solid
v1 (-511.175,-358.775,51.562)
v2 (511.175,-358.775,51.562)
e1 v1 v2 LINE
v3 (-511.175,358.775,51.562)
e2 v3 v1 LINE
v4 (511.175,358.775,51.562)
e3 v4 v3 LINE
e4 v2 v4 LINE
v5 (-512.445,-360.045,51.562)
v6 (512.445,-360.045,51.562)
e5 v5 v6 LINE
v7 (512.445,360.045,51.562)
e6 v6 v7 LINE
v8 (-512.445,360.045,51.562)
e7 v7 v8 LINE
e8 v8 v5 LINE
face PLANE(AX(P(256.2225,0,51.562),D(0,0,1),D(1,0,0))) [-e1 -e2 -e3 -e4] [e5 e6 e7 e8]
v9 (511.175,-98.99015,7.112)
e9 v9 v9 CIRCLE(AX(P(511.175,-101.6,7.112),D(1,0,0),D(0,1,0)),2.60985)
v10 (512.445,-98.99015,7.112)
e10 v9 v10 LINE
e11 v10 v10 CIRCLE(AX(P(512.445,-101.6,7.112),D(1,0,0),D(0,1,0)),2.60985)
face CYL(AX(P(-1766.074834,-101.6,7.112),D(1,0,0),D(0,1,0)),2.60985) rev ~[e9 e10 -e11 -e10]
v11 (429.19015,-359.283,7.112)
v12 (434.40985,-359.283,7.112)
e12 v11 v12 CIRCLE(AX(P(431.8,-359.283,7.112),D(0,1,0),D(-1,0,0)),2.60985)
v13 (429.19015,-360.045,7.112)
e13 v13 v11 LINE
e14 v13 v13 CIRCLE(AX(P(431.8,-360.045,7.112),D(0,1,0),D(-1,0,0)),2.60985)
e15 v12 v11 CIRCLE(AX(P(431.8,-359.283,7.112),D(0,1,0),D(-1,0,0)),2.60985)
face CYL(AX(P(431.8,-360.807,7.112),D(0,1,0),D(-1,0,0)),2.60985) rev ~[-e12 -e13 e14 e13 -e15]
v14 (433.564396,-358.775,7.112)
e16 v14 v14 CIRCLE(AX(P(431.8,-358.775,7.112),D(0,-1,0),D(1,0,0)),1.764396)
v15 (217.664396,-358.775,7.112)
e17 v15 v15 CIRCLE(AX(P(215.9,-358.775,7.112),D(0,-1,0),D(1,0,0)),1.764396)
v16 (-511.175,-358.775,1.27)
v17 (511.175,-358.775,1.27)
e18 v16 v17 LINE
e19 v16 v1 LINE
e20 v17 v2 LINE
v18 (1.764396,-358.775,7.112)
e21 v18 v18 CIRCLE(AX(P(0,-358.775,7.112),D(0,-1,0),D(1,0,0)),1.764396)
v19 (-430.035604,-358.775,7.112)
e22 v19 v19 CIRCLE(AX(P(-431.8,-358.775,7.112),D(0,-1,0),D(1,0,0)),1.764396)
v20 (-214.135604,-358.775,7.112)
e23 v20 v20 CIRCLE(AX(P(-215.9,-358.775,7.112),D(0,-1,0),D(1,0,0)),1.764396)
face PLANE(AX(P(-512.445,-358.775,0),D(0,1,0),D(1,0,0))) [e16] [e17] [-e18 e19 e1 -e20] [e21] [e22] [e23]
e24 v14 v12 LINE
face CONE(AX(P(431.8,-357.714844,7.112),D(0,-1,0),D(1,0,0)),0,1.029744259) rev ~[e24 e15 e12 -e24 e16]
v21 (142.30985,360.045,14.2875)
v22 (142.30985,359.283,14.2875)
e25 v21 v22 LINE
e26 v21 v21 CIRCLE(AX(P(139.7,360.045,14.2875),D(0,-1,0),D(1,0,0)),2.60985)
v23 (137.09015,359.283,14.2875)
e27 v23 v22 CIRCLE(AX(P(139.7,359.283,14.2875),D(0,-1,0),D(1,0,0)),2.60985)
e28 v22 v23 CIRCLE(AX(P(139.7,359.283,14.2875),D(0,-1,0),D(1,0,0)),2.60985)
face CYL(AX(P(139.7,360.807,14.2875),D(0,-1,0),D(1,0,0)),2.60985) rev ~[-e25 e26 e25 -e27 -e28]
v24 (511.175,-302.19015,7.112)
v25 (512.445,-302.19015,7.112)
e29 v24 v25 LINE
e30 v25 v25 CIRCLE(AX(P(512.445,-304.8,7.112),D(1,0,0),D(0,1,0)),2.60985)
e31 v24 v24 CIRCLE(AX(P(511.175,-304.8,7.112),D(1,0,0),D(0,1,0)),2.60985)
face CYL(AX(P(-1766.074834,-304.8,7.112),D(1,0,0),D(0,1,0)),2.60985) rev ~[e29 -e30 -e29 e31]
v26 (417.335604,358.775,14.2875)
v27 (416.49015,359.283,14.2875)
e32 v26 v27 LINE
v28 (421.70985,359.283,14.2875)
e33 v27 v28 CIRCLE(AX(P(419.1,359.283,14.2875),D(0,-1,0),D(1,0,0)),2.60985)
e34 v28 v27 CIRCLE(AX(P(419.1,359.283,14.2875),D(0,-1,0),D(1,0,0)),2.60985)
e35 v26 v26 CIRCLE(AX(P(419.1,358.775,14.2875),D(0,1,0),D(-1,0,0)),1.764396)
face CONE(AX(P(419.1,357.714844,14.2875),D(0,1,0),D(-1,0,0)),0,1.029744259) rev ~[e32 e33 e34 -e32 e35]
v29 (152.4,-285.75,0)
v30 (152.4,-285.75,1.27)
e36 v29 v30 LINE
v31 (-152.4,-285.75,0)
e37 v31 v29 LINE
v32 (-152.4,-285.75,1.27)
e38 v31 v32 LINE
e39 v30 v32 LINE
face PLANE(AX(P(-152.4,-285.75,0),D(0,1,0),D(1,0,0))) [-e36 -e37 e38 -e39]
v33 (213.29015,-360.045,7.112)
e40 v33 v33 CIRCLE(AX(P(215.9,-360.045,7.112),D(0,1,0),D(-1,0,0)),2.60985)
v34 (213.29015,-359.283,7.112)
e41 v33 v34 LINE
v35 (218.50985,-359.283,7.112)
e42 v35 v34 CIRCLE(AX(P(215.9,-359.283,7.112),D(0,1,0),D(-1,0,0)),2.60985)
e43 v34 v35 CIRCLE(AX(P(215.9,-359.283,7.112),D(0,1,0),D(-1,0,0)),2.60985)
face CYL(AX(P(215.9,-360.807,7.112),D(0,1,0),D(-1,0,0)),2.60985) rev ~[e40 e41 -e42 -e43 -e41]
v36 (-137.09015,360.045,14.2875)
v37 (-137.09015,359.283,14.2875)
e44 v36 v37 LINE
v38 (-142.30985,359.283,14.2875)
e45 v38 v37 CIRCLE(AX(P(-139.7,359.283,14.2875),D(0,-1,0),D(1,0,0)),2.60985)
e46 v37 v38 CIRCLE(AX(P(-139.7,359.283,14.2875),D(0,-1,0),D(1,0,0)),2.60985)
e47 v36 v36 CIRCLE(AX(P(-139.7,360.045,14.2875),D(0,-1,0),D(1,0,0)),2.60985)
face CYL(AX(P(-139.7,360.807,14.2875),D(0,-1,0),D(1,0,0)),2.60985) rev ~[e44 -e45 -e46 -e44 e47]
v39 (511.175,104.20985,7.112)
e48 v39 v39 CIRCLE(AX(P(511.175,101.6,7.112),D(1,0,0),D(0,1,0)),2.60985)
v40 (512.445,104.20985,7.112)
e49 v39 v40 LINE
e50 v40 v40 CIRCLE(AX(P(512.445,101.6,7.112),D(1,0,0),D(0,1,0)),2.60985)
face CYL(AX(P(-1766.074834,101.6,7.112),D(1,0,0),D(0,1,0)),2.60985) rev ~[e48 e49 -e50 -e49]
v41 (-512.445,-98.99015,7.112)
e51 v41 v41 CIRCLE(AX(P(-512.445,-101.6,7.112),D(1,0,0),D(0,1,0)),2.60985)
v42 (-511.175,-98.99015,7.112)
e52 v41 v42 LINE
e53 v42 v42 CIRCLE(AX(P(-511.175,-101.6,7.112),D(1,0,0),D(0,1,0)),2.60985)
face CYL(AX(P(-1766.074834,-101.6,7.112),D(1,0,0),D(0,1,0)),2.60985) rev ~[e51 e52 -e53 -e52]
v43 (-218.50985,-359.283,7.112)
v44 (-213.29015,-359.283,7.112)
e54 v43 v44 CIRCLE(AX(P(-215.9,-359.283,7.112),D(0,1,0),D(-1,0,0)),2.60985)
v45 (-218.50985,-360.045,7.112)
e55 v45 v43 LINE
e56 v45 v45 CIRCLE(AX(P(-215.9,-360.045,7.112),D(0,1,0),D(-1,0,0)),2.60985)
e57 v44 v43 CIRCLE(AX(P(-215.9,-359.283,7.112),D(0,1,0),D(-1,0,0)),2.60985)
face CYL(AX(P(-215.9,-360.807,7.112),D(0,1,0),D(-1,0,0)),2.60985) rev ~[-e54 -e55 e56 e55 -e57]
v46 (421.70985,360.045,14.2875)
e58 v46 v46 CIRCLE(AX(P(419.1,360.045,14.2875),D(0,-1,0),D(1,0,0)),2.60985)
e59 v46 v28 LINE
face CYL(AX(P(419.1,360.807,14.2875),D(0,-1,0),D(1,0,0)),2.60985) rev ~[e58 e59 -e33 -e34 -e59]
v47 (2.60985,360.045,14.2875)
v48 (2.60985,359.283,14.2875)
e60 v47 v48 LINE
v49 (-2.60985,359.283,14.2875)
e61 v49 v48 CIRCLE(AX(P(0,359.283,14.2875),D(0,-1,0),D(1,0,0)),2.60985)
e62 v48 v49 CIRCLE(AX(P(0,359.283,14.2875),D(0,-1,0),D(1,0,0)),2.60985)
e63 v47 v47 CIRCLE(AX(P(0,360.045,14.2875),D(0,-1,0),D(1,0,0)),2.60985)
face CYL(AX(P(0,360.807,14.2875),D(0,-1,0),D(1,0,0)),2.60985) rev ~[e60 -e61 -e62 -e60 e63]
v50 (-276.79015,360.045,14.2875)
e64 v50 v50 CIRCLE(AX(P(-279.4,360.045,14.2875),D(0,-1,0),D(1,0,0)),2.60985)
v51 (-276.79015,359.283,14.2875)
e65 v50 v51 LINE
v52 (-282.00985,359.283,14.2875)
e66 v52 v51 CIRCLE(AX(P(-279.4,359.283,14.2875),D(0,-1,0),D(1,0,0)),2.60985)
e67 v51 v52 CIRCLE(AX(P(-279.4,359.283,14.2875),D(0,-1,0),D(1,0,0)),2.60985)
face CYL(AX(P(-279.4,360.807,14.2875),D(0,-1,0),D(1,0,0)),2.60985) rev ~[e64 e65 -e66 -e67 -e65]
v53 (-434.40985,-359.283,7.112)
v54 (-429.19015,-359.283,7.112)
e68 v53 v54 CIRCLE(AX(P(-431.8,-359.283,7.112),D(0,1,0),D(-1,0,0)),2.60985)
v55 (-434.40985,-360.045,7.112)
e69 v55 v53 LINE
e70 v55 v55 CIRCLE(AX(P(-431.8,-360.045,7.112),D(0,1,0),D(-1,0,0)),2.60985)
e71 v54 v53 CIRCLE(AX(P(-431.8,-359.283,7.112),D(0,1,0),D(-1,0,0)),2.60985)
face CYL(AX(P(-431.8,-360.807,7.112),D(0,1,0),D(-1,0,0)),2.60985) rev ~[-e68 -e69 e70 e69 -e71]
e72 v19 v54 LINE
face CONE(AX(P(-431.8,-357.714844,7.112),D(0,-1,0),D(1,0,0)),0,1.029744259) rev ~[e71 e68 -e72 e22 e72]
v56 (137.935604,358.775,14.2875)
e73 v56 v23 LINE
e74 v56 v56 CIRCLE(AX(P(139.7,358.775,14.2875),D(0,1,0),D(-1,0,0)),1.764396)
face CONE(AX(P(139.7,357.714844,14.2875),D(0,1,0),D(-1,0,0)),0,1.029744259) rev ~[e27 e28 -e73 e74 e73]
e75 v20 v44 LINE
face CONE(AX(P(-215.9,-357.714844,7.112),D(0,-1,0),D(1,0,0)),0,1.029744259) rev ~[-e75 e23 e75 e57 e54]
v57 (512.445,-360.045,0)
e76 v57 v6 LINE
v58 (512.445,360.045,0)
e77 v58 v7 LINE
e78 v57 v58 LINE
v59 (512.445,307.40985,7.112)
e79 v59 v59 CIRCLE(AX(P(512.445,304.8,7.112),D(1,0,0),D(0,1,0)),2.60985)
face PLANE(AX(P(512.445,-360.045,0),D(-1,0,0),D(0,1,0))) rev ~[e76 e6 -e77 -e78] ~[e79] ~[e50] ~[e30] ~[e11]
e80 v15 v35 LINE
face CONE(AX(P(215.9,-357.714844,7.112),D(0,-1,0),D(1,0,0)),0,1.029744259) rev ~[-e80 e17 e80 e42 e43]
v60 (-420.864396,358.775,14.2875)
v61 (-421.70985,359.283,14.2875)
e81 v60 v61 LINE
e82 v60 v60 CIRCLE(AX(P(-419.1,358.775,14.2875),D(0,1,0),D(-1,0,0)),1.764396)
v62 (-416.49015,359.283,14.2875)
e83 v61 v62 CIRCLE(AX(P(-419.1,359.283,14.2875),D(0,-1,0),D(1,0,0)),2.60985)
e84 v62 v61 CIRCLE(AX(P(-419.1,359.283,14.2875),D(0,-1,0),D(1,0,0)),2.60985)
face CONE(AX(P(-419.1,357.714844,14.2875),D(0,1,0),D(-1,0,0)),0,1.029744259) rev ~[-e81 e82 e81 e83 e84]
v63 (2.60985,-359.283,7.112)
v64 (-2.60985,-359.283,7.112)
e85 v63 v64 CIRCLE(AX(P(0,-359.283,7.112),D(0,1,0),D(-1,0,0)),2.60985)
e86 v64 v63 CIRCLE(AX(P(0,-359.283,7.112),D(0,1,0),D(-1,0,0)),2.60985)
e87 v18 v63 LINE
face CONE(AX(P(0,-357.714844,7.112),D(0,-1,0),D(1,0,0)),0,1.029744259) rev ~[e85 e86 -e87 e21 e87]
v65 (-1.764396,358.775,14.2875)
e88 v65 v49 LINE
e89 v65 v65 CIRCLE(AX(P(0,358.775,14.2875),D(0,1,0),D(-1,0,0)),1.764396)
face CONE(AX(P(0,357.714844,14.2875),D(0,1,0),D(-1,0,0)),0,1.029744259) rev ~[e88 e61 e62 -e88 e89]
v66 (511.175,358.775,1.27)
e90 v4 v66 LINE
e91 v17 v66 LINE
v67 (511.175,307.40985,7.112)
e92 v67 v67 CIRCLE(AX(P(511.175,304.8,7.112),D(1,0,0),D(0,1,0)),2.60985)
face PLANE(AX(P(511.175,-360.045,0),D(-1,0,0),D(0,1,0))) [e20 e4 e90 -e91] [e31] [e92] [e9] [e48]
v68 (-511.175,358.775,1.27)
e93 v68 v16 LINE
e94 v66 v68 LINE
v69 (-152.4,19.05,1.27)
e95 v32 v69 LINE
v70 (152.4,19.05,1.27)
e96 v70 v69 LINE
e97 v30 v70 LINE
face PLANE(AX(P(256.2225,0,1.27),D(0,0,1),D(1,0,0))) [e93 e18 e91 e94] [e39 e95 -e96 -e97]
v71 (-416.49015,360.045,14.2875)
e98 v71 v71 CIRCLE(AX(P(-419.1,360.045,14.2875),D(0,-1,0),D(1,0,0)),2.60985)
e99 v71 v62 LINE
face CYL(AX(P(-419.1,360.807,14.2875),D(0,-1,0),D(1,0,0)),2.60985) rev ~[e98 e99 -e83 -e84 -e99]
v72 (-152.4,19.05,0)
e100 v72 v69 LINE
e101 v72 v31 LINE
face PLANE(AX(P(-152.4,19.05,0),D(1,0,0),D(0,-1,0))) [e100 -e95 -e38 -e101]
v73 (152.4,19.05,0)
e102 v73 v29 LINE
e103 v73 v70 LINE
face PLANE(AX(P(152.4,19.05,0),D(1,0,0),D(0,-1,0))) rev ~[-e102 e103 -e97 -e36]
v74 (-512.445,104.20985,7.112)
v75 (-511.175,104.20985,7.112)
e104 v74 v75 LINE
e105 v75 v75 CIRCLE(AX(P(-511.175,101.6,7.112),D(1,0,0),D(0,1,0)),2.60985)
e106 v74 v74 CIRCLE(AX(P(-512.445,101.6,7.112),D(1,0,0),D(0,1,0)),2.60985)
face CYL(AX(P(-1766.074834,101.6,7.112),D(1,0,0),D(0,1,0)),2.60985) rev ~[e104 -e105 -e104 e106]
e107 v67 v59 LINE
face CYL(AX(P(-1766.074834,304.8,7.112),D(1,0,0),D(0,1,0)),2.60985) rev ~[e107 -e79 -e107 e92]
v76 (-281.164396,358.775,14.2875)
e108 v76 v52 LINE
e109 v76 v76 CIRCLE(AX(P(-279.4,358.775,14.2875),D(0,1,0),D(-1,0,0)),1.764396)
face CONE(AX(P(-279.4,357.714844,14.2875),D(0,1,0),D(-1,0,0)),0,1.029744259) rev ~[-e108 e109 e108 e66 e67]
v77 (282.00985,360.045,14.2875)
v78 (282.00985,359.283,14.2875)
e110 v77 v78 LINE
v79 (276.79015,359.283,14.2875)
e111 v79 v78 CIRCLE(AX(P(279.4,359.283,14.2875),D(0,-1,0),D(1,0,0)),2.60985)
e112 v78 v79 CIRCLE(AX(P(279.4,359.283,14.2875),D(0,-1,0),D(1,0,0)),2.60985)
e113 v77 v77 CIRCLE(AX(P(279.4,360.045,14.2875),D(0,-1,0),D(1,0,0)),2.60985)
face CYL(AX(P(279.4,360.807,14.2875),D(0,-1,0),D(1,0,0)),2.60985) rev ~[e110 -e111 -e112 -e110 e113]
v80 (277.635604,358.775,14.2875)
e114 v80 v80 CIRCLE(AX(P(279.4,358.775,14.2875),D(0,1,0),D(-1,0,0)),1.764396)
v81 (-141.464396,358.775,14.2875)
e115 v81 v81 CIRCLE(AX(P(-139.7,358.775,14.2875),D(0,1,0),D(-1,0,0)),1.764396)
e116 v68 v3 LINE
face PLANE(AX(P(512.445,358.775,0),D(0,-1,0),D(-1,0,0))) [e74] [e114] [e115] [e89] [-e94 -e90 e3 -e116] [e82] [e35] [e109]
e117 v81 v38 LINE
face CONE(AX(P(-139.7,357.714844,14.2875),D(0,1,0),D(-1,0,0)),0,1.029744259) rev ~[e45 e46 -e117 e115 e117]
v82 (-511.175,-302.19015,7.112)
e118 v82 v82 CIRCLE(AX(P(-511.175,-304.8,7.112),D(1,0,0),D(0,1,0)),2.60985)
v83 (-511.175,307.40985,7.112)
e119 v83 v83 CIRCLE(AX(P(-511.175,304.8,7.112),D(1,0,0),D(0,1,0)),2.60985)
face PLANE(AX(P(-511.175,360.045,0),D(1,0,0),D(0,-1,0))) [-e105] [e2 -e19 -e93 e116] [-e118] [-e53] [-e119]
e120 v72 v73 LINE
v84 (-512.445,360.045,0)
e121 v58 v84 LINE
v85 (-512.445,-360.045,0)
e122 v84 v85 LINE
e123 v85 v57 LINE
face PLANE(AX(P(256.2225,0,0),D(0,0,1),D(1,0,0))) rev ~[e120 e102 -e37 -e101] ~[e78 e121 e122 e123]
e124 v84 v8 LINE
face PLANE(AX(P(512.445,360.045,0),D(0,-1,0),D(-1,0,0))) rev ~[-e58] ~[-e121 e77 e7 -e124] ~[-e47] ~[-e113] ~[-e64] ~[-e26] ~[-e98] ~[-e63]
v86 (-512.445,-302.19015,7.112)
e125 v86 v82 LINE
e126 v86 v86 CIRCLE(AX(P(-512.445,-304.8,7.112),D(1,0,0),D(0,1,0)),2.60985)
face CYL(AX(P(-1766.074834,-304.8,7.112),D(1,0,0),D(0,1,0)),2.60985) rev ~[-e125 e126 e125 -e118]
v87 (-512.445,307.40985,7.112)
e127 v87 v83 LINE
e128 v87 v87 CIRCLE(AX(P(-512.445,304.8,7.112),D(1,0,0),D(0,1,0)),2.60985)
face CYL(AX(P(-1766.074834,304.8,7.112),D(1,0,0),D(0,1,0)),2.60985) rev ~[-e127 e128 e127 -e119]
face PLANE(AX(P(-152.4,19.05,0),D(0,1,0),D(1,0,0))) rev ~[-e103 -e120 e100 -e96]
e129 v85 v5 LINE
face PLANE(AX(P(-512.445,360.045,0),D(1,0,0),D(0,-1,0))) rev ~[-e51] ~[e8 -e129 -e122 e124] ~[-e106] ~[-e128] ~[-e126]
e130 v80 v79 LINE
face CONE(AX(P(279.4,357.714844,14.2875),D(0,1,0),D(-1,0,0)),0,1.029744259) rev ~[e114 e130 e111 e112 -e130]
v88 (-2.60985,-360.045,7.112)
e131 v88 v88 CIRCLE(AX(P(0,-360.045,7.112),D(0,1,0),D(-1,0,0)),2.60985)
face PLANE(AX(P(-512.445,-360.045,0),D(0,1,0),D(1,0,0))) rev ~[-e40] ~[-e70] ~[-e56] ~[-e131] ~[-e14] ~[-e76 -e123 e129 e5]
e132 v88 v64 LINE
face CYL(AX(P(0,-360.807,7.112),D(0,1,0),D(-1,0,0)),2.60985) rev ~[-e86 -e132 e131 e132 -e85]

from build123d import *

# Parameters (mm, degrees)
F1_DEPTH  = 51.562
F2_T      = -1.27
F4_D      = 5.2197
F4_DEPTH  = 0.762
F4_TIP    = 1.5681560866
F6_D      = 5.2197
F7_W      = 304.8
F7_H      = 304.8
F8_DEPTH  = 25.4
F10_D     = 5.2197
F10_DEPTH = 0.762
F10_TIP   = 1.5681560866


with BuildPart() as f1:
    # F0 (on Top) → F1 (new body)
    with BuildSketch(Plane.XY):
        Polygon((512.445, 360.045), (0, 360.045), (0, 0), (0, -360.045), (512.445, -360.045), align=None)
        Polygon((0, 0), (0, 360.045), (-512.445, 360.045), (-512.445, -360.045), (0, -360.045), align=None)
    extrude(amount=F1_DEPTH)

    # F2
    f2_openings = [f1.faces().sort_by_distance(p)[0] for p in [
        (0, 0, 51.562),
    ]]
    offset(amount=F2_T, openings=f2_openings)

    # F4
    with Locations(Plane.XZ.offset(360.045)):
        with Locations((-431.8, 7.112), (-215.9, 7.112), (0, 7.112), (215.9, 7.112), (431.8, 7.112)):
            Hole(F4_D / 2, depth=F4_DEPTH)
            with Locations((0, 0, -(F4_DEPTH + F4_TIP / 2))):  # 118° drill point
                Cone(0, F4_D / 2, F4_TIP, mode=Mode.SUBTRACT)

    # F6 (through all)
    with Locations(Plane(origin=(-512.445, 0, 0), x_dir=(0, -1, 0), z_dir=(-1, 0, 0))):
        with Locations((-304.8, 7.112), (-101.6, 7.112), (101.6, 7.112), (304.8, 7.112)):
            Hole(F6_D / 2)

    # F7 (on face) → F8 (cut)
    with BuildSketch(Plane(origin=(0, 0, 0), x_dir=(1, 0, 0), z_dir=(0, 0, -1))):
        with Locations((0, 133.35)):
            Rectangle(F7_W, F7_H)
    extrude(amount=-F8_DEPTH, mode=Mode.SUBTRACT)

    # F10
    with Locations(Plane(origin=(0, 360.045, 0), x_dir=(-1, 0, 0), z_dir=(0, 1, 0))):
        with Locations((-419.1, 14.2875), (-279.4, 14.2875), (-139.7, 14.2875), (0, 14.2875), (139.7, 14.2875), (279.4, 14.2875), (419.1, 14.2875)):
            Hole(F10_D / 2, depth=F10_DEPTH)
            with Locations((0, 0, -(F10_DEPTH + F10_TIP / 2))):  # 118° drill point
                Cone(0, F10_D / 2, F10_TIP, mode=Mode.SUBTRACT)


solid = f1.part
